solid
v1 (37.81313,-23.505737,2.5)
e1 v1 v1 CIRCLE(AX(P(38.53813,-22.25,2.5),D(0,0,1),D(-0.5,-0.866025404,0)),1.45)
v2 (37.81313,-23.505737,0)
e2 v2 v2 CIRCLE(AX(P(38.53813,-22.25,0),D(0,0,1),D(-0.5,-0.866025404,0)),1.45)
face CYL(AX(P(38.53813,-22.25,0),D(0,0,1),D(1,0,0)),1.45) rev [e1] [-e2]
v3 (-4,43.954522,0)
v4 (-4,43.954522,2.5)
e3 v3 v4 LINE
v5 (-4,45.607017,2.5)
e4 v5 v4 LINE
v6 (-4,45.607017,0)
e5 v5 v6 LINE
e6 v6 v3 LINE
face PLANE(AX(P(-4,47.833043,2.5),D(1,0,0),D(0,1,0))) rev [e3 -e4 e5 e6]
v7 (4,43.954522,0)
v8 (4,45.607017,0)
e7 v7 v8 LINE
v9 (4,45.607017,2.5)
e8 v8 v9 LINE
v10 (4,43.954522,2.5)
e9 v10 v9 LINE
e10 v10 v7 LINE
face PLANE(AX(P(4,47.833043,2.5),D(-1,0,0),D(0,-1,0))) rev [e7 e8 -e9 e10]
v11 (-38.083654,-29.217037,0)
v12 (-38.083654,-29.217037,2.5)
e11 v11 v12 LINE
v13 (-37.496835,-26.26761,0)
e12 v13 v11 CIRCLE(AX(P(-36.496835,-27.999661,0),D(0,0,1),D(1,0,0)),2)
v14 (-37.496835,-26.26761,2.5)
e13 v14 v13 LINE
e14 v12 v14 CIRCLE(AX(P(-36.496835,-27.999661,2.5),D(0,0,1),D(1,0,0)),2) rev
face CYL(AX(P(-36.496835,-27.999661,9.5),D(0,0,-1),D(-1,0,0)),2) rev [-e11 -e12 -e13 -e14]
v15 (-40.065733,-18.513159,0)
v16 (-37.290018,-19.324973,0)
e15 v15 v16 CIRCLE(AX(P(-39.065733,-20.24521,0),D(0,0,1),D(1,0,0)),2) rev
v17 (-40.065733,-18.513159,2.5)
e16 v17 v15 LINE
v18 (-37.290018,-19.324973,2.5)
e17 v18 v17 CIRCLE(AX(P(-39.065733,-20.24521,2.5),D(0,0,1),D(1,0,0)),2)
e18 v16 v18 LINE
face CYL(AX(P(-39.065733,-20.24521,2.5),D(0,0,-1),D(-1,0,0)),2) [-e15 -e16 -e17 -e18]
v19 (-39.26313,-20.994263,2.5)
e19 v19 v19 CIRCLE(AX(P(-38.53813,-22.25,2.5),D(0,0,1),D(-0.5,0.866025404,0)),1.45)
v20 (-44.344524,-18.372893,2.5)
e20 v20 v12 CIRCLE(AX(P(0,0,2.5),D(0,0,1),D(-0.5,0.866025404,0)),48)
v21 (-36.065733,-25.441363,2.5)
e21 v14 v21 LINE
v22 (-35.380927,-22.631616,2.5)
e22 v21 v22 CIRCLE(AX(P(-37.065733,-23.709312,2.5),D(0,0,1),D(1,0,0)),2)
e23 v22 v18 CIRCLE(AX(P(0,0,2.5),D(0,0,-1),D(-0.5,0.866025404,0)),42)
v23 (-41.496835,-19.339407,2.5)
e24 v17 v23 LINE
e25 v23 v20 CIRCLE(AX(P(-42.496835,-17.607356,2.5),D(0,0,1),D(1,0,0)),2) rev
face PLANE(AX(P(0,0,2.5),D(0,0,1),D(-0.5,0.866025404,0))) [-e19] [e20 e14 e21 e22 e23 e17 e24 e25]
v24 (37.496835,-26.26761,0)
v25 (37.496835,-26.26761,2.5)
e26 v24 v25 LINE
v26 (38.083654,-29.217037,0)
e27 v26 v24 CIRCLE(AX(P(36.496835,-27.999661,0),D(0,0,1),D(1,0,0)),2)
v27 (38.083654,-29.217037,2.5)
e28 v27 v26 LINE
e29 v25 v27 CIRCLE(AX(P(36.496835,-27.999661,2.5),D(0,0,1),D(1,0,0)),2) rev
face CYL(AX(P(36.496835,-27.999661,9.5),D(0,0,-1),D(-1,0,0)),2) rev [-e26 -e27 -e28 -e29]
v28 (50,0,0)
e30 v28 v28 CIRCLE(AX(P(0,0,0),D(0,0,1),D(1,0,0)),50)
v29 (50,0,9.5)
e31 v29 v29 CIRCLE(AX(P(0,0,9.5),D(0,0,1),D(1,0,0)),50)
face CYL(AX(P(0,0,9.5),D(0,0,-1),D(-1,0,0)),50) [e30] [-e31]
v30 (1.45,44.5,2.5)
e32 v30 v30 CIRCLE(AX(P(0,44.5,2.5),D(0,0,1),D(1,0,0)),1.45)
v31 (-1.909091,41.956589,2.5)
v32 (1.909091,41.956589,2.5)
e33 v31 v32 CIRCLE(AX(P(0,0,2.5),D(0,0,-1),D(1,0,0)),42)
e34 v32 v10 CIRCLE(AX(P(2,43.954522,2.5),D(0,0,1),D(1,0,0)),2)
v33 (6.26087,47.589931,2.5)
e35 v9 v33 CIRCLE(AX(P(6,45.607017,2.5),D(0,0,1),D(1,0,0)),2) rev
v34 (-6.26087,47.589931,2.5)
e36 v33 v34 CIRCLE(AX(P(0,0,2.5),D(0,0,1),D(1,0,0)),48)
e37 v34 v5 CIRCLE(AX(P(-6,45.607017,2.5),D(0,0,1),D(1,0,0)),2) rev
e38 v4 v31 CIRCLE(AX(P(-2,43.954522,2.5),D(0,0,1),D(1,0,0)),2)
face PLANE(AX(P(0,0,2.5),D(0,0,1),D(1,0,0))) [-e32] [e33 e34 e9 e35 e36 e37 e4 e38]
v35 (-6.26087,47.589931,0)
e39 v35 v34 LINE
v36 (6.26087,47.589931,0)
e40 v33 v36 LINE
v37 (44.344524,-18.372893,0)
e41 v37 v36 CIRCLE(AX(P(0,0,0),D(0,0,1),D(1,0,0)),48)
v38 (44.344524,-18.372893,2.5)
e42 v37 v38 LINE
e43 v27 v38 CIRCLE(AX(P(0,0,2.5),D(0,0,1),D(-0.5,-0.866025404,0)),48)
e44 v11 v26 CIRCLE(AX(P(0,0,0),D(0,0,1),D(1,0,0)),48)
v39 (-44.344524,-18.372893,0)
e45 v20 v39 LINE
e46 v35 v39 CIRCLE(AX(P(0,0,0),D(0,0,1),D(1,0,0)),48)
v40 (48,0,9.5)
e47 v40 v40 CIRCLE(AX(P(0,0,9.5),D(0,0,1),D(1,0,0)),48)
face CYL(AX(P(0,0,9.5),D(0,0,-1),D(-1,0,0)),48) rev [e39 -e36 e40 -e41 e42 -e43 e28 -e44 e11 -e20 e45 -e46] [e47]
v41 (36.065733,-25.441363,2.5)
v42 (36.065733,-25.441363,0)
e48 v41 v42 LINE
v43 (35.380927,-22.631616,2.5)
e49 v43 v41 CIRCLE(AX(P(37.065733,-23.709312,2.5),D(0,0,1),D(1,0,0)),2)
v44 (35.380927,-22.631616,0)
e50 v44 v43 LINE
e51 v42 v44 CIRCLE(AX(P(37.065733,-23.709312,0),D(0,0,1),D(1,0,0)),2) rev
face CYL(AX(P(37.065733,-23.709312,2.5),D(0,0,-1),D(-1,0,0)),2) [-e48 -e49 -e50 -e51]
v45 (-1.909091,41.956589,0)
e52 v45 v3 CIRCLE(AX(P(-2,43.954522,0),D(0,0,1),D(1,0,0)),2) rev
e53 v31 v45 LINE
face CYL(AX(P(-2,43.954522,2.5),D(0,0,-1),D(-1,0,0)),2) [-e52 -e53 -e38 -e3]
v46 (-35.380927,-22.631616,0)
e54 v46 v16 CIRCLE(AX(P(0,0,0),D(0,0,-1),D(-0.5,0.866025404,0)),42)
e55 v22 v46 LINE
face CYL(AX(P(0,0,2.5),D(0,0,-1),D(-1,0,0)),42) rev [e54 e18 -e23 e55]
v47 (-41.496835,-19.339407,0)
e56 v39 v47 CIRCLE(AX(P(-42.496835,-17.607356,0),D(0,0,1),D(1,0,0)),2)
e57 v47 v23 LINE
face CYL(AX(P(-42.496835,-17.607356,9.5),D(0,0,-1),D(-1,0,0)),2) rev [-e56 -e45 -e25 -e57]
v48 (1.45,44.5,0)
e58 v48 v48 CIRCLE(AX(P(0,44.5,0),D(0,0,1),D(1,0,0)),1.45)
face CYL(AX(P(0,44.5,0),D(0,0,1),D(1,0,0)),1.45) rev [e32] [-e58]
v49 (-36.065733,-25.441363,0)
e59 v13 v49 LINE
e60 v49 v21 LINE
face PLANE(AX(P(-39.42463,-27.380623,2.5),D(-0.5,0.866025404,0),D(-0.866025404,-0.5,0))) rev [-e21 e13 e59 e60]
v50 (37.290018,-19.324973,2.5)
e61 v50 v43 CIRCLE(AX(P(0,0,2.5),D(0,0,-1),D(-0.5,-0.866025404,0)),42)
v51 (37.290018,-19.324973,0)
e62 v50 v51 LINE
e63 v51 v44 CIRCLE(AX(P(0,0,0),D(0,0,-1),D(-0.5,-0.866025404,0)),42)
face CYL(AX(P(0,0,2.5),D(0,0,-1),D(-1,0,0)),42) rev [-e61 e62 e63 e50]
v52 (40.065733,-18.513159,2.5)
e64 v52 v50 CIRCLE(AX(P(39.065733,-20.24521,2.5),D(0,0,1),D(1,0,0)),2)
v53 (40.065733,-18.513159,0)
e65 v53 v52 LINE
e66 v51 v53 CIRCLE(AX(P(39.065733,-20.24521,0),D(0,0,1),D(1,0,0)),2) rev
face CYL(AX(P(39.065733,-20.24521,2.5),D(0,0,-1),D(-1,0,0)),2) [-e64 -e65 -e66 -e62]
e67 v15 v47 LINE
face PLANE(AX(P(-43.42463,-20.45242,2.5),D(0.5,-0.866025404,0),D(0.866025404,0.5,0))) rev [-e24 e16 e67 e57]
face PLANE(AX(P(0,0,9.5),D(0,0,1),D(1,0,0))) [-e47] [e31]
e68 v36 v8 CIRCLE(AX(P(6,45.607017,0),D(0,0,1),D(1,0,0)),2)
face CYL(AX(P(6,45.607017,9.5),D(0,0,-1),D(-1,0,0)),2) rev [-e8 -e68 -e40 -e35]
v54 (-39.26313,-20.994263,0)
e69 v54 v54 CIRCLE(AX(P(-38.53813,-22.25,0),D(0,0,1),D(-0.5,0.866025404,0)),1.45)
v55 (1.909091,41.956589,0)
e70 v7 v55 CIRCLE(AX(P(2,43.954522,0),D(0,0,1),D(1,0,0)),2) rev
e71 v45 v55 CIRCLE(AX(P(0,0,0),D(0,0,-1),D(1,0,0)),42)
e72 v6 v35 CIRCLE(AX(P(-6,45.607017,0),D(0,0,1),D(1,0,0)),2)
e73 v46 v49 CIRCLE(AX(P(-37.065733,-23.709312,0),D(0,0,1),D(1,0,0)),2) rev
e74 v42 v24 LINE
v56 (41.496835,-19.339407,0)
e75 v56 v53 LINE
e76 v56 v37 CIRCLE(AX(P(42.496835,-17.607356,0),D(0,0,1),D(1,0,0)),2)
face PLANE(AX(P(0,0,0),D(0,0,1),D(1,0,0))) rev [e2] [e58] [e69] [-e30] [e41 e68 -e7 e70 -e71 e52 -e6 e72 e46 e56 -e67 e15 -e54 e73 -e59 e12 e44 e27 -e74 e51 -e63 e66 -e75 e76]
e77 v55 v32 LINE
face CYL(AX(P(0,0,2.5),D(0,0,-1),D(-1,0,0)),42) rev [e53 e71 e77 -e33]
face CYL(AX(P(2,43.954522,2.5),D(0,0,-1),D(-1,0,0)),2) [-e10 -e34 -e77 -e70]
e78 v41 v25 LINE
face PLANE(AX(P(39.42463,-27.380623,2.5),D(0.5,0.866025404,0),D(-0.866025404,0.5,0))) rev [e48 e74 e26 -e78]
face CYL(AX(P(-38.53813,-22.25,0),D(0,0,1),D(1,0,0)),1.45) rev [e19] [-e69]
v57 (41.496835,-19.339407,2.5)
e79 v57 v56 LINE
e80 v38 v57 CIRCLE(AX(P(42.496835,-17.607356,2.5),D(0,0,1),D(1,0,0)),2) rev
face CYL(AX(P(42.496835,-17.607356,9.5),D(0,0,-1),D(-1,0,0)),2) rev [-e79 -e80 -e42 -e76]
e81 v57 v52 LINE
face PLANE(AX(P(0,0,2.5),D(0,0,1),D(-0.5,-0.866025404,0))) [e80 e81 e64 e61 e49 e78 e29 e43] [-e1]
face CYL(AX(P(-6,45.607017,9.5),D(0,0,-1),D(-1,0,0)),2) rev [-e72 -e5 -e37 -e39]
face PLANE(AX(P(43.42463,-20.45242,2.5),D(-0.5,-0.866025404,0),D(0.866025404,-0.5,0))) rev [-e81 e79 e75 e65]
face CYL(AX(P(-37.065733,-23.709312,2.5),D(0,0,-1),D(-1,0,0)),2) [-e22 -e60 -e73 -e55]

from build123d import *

# Parameters (mm, degrees)
SKETCH1_R                = 50
SKETCH1_R_2              = 48
EXTRUDE1_DEPTH           = 9.5
EXTRUDE2_DEPTH           = 2.5
SKETCH3_R                = 1.45
EXTRUDE3_DEPTH           = 2.5
FILLET1_R                = 2
CIRPATTERN1_COUNT        = 3
FILLET1_OF_CIRPATTERN1_R = 2


with BuildPart() as part:
    # Sketch1 → Extrude1 (new body)
    with BuildSketch(Plane.XY):
        Circle(SKETCH1_R)
        Circle(SKETCH1_R_2, mode=Mode.SUBTRACT)
    extrude(amount=EXTRUDE1_DEPTH)

    # Sketch2 → Extrude2 (add)
    with BuildSketch(Plane.XY):
        with BuildLine():
            Line((-4, 47.833042972), (-4, 41.809089921))
            ThreePointArc((-4, 41.809089921), (0, 42), (4, 41.809089921))
            Line((4, 41.809089921), (4, 47.833042972))
            ThreePointArc((4, 47.833042972), (0, 48), (-4, 47.833042972))
        make_face()
    extrude2 = extrude(amount=EXTRUDE2_DEPTH)

    # Sketch3 → Extrude3 (cut)
    with BuildSketch(Plane.XY.offset(2.5)):
        with Locations((0, 44.5)):
            Circle(SKETCH3_R)
    extrude3 = extrude(amount=-EXTRUDE3_DEPTH, mode=Mode.SUBTRACT)

    # Fillet1
    fillet1_edges = [part.edges().sort_by_distance(p)[0] for p in [
        (4, 47.833042972, 1.25),
        (-4, 47.833042972, 1.25),
        (-4, 41.809089921, 1.25),
        (4, 41.809089921, 1.25),
    ]]
    fillet(fillet1_edges, radius=FILLET1_R)

    # CirPattern1: Extrude2, Extrude3 ×3 about axis
    cirpattern1_axis = Axis((0, 0, 0), (0, 0, 1))
    for i in range(1, CIRPATTERN1_COUNT):
        add(extrude2.rotate(cirpattern1_axis, i * 360 / CIRPATTERN1_COUNT))
        add(extrude3.rotate(cirpattern1_axis, i * 360 / CIRPATTERN1_COUNT), mode=Mode.SUBTRACT)

    # Fillet1 of CirPattern1
    fillet1_of_cirpattern1_edges = [part.edges().sort_by_distance(p)[0] for p in [
        (-43.424630354, -20.452419871, 1.25),
        (-39.424630354, -27.380623101, 1.25),
        (-34.20773398, -24.368646576, 1.25),
        (-38.20773398, -17.440443345, 1.25),
        (39.424630354, -27.380623101, 1.25),
        (43.424630354, -20.452419871, 1.25),
        (38.20773398, -17.440443345, 1.25),
        (34.20773398, -24.368646576, 1.25),
    ]]
    fillet(fillet1_of_cirpattern1_edges, radius=FILLET1_OF_CIRPATTERN1_R)


solid = part.part
